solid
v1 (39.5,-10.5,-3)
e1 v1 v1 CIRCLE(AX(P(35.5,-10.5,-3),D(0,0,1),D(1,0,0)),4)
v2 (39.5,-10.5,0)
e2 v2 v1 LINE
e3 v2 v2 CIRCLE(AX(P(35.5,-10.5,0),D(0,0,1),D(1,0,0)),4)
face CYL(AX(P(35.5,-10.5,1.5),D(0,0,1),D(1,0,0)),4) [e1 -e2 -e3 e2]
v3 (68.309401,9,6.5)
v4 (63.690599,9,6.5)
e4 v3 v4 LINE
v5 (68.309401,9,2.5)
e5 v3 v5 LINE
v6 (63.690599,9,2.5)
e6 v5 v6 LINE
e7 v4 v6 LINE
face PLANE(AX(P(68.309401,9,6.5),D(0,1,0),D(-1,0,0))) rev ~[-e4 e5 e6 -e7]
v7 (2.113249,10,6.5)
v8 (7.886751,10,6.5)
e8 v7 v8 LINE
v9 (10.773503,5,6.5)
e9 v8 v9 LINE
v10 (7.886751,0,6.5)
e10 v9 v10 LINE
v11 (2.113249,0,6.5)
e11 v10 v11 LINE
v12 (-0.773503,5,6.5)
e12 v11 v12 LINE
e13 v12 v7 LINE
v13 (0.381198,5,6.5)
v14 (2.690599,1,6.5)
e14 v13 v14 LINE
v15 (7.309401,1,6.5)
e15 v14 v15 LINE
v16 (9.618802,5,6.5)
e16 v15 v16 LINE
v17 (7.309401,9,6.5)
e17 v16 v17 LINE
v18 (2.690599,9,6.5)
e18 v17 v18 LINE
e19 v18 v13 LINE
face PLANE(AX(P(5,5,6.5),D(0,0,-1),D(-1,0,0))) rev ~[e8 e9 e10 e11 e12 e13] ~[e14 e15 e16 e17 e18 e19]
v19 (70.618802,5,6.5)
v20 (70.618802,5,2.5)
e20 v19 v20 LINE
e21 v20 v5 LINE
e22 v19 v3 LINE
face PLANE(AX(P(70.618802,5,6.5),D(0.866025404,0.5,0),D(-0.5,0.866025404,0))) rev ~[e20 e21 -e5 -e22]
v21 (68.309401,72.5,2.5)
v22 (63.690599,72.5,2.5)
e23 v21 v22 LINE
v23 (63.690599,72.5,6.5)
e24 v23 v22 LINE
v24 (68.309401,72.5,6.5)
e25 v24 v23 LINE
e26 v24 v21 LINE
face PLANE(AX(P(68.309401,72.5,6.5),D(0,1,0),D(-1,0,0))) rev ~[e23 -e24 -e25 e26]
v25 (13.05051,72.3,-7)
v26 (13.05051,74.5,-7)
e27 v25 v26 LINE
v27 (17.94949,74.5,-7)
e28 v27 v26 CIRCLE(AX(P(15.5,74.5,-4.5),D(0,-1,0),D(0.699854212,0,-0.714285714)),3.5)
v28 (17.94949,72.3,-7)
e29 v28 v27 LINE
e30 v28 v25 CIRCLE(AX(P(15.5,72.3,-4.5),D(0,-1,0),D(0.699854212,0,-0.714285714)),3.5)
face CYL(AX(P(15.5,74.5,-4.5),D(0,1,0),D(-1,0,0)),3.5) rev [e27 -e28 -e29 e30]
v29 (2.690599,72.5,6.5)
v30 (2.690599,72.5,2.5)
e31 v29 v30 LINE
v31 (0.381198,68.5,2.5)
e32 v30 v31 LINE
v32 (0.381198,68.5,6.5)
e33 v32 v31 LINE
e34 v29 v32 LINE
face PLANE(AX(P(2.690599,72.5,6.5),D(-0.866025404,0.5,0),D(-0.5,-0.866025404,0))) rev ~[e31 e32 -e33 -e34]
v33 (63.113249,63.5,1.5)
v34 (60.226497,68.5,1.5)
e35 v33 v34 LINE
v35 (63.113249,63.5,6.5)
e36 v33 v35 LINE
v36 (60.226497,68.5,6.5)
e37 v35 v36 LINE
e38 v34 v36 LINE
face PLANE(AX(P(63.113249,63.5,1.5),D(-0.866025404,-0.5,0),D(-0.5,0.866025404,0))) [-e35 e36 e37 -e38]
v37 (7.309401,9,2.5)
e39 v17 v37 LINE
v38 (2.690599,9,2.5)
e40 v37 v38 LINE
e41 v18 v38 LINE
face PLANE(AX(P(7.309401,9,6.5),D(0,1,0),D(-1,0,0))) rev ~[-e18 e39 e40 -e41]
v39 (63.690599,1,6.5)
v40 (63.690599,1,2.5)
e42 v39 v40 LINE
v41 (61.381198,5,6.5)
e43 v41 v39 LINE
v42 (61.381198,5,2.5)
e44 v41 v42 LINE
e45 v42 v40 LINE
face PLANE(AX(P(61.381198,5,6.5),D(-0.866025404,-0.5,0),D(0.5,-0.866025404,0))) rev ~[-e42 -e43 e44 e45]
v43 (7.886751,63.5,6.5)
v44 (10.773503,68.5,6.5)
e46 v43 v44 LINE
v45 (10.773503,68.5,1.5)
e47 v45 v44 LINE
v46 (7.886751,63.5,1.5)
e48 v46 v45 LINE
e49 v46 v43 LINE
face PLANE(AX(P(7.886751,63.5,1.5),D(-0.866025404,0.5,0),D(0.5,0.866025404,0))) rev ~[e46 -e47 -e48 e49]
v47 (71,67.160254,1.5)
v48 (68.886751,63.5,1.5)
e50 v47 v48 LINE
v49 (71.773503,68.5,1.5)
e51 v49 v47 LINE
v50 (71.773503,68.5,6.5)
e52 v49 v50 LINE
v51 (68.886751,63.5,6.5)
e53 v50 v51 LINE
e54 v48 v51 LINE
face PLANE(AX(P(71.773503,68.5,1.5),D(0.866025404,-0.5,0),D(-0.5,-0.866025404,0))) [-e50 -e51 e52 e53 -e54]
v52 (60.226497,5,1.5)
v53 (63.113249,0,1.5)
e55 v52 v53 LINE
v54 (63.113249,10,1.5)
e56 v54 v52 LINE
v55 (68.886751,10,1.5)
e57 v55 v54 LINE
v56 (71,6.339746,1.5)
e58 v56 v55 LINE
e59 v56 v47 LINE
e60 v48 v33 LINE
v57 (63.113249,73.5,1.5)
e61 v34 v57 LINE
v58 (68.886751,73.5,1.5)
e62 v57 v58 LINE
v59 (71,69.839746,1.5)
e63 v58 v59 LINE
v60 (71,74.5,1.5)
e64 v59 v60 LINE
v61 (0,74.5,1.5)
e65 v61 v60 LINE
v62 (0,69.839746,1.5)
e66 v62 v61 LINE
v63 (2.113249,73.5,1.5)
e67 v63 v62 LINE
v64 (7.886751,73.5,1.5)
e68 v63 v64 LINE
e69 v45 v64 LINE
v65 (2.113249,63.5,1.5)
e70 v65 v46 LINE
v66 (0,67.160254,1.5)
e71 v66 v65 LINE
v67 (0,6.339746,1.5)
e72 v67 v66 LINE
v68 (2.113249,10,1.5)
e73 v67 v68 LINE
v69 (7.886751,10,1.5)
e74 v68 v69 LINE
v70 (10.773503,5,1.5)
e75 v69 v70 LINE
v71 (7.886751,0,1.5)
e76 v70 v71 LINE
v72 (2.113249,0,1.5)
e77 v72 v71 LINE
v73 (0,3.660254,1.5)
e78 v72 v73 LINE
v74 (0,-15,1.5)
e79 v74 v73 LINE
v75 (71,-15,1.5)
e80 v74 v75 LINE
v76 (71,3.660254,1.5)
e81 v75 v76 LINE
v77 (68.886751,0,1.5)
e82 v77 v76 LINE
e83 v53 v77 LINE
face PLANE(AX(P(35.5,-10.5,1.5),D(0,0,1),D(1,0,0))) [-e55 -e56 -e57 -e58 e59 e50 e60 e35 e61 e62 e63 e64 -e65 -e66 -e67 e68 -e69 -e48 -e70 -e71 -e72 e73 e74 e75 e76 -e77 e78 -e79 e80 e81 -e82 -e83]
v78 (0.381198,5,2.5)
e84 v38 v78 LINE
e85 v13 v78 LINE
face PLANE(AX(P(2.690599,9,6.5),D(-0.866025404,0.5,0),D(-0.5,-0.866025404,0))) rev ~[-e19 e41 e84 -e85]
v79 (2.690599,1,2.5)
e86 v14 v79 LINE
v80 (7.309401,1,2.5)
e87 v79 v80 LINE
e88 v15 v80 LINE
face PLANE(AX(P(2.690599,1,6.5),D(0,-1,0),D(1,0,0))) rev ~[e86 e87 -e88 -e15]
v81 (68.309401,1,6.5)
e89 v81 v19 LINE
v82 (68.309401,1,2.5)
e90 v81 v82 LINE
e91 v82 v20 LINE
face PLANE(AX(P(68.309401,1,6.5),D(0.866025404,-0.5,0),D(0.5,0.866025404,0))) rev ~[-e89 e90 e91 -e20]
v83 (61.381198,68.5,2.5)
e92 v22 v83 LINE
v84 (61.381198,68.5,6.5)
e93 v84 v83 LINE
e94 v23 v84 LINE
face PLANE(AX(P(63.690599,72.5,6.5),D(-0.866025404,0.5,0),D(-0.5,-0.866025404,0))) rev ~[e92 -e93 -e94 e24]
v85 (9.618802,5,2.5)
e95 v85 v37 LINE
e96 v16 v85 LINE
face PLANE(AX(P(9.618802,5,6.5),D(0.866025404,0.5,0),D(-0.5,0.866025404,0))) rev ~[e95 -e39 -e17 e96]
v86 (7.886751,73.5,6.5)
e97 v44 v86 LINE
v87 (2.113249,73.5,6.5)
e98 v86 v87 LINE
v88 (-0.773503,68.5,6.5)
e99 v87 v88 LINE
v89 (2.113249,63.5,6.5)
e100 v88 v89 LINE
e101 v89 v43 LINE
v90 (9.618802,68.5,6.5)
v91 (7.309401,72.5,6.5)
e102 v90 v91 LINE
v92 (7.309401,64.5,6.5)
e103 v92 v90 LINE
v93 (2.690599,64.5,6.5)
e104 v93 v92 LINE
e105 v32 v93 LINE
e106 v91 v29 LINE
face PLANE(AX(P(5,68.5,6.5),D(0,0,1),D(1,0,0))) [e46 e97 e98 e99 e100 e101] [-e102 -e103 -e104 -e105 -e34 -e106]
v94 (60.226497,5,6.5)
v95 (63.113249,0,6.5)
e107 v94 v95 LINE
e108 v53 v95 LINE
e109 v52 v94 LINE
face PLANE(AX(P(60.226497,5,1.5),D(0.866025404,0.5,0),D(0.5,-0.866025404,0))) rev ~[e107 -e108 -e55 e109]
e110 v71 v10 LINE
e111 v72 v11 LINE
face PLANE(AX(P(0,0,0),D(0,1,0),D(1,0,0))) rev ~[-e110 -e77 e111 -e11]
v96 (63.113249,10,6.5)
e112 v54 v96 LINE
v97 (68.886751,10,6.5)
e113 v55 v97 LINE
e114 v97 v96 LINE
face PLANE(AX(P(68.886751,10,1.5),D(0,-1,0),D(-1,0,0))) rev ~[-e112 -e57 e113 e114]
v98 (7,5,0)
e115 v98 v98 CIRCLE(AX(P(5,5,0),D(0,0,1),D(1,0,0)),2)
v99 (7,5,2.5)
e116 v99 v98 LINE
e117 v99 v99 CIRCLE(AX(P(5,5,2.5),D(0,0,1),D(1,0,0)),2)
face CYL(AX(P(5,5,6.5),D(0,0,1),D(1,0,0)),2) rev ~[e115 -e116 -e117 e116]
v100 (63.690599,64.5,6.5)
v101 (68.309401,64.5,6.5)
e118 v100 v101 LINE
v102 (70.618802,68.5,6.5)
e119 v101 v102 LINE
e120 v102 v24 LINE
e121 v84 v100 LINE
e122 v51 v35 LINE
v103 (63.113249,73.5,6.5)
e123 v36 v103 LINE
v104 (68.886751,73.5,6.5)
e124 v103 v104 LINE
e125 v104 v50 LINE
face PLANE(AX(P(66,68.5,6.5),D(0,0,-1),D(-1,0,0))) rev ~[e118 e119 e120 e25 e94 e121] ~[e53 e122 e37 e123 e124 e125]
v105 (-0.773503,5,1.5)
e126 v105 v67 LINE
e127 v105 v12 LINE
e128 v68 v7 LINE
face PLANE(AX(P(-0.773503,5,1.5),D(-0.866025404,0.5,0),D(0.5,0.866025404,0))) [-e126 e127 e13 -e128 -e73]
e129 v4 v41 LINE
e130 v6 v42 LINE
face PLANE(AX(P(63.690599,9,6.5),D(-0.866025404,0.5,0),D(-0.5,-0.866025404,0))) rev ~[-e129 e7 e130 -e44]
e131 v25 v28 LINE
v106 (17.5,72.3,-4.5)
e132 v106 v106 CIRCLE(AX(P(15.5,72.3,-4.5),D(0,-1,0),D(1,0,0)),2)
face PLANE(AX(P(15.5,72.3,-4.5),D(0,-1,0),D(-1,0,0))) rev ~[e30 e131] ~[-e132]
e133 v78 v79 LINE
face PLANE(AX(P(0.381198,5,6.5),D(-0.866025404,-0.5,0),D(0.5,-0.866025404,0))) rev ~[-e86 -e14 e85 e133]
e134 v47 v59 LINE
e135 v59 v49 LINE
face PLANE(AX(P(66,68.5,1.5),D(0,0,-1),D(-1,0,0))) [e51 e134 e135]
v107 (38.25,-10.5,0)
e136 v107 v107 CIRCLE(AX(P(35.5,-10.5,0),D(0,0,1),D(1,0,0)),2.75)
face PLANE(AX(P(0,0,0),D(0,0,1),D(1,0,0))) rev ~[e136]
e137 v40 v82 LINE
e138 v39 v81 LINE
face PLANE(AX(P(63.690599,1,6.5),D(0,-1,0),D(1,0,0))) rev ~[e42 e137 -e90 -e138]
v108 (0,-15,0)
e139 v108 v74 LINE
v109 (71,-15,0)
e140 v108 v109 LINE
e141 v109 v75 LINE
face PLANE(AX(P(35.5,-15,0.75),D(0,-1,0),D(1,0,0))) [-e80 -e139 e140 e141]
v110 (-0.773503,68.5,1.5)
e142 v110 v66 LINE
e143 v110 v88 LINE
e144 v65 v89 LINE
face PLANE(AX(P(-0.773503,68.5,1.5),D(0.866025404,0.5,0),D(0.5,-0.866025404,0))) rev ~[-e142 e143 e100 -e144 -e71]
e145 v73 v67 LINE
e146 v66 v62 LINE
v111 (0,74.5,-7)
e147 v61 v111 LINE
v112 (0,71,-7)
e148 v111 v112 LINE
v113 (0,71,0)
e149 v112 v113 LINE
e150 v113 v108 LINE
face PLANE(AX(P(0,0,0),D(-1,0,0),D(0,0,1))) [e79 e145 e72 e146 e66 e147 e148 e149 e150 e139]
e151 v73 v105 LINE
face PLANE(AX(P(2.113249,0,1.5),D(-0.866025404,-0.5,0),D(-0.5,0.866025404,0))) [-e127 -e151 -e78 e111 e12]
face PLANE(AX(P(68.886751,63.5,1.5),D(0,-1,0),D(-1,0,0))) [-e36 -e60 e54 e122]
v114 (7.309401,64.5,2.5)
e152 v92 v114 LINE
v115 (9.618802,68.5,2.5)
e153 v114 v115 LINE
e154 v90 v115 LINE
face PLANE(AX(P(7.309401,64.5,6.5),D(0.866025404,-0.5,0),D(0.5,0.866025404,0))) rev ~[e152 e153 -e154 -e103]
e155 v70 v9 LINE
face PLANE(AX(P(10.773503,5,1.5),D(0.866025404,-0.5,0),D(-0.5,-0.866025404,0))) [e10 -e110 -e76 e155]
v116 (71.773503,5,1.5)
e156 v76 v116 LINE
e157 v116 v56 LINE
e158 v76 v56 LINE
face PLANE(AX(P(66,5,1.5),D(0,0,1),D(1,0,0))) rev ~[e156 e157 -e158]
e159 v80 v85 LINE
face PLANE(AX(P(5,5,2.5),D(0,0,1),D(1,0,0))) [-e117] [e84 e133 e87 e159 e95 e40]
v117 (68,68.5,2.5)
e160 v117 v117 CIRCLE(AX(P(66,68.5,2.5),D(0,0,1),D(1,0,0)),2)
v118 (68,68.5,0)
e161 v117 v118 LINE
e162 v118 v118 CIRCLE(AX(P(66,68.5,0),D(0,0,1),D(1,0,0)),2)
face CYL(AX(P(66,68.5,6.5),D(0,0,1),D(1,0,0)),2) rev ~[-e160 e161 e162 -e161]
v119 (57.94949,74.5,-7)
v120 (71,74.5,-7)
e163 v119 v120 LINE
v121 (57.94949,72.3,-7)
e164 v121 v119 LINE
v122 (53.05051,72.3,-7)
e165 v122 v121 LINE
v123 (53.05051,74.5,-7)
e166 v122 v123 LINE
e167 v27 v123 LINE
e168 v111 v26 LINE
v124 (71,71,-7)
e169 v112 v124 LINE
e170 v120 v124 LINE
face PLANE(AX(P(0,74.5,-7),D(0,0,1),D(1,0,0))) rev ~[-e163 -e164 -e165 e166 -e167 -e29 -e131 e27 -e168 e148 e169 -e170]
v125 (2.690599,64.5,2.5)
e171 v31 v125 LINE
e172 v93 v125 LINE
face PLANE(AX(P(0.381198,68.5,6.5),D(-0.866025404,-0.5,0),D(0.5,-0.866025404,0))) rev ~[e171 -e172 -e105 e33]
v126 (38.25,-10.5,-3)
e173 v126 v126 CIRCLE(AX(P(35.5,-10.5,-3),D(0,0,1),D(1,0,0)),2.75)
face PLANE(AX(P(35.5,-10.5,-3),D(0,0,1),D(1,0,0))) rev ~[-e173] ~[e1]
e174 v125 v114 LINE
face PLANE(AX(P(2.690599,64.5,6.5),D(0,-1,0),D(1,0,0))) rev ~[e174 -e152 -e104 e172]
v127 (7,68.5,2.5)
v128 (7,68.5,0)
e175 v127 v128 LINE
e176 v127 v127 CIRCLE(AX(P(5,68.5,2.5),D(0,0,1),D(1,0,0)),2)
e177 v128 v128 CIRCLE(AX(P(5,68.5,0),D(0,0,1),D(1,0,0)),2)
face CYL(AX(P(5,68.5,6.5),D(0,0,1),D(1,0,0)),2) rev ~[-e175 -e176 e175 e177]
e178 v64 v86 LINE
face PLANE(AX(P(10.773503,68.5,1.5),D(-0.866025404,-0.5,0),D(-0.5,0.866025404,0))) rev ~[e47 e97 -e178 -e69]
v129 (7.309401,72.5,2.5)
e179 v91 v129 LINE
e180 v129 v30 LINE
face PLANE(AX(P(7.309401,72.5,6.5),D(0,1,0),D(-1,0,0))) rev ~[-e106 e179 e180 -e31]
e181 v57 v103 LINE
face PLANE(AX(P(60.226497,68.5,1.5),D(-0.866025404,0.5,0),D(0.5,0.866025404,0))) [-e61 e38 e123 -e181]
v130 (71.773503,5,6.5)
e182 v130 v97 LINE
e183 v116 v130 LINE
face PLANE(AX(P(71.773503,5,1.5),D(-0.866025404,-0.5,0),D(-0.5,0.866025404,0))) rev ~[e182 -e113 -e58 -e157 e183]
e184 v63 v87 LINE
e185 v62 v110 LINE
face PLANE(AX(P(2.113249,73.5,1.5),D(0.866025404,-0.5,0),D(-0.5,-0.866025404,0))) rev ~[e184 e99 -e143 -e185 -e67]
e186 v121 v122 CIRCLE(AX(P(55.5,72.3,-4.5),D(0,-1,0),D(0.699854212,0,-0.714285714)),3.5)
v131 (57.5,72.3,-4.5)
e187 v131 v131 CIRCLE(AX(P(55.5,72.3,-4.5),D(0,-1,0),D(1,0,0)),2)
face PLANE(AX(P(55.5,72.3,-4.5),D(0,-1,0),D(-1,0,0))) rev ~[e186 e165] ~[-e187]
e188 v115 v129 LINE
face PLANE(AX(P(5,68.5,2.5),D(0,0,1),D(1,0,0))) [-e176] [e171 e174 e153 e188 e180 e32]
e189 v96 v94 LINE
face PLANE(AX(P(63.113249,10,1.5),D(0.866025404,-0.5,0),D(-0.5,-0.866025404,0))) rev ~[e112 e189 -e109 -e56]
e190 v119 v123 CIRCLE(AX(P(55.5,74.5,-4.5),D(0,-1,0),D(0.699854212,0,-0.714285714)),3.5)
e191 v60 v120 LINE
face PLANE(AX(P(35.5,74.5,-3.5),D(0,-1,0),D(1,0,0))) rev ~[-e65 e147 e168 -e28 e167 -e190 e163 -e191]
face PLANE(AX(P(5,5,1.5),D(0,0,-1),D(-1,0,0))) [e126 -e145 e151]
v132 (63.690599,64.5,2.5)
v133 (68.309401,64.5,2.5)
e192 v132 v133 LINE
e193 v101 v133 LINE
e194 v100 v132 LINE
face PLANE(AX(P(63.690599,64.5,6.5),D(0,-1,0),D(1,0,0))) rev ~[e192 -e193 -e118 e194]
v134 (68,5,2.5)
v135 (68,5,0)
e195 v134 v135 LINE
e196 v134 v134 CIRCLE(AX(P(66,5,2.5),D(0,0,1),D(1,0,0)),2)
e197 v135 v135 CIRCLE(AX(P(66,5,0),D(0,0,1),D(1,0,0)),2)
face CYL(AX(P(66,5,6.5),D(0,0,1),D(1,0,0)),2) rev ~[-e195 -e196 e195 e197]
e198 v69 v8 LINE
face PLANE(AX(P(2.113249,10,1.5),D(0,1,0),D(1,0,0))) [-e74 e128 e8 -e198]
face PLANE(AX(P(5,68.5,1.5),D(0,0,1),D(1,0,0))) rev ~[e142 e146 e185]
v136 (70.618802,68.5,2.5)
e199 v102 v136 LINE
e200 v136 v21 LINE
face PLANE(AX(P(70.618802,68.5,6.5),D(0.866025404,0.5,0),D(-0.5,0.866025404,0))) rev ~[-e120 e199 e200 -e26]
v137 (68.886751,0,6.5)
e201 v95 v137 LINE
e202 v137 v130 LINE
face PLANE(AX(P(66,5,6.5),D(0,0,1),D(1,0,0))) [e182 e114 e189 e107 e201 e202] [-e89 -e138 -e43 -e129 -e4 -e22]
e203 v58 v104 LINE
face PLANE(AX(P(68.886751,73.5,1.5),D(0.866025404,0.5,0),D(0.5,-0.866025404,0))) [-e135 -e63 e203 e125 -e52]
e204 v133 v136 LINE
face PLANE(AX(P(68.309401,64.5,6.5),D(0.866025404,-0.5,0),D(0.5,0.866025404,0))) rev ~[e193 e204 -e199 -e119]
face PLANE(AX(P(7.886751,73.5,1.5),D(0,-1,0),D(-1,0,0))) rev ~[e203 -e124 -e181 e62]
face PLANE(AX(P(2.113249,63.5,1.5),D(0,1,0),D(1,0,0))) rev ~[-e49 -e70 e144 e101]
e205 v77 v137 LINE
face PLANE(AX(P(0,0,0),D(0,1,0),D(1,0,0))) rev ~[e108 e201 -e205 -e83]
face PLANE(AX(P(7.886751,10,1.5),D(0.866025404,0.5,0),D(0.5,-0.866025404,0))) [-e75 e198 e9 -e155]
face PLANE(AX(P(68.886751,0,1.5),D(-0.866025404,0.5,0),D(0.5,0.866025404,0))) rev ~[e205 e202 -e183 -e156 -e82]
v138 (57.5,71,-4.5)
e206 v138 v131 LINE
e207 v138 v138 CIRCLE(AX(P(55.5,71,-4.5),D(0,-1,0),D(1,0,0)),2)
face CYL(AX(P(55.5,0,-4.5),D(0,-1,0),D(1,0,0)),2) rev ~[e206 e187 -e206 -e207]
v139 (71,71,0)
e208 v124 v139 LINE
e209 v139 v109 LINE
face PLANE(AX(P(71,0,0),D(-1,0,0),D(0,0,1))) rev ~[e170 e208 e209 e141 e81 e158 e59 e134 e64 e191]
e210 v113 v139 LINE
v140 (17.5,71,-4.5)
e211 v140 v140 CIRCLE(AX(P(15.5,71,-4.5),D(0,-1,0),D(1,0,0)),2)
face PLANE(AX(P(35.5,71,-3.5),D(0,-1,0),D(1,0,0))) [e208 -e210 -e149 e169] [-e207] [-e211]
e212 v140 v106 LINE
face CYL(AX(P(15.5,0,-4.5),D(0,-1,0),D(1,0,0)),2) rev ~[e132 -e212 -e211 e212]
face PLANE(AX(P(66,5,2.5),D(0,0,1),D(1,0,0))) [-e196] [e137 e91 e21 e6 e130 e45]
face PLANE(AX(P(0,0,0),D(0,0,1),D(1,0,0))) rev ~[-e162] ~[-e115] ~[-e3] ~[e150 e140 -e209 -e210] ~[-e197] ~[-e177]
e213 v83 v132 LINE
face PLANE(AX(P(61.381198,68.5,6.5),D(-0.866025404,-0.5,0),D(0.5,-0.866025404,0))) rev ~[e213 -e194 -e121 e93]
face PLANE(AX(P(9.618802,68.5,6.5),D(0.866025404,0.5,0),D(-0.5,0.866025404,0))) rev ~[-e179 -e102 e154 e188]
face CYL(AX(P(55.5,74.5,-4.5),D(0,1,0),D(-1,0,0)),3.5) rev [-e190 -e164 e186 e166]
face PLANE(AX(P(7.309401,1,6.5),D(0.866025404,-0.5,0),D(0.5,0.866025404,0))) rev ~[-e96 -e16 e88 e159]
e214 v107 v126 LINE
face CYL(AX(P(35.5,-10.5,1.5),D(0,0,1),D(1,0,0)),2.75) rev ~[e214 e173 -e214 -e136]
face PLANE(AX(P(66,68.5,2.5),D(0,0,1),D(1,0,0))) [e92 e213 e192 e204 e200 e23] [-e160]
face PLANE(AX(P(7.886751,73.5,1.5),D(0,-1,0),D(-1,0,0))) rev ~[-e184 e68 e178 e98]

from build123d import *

# Parameters (mm, degrees)
SKETCH2_W           = 71
SKETCH2_H           = 73.5
BOSS_EXTRUDE1_DEPTH = 1.5
BOSS_EXTRUDE2_DEPTH = 5
SKETCH20_W          = 71
SKETCH20_H          = 1
BOSS_EXTRUDE6_DEPTH = 1.5
SKETCH12_W          = 71
SKETCH12_H          = 7
BOSS_EXTRUDE3_DEPTH = 3.5
SKETCH13_R          = 2
CUT_EXTRUDE3_DEPTH  = 75.5
SKETCH14_R          = 3.5
CUT_EXTRUDE4_DEPTH  = 2.2
SKETCH15_W          = 71
SKETCH15_H          = 1.5
BOSS_EXTRUDE4_DEPTH = 15
SKETCH16_R          = 4
SKETCH16_R_2        = 2.75
BOSS_EXTRUDE5_DEPTH = 4.5
CUT_EXTRUDE5_DEPTH  = 4
SKETCH19_R          = 2
CUT_EXTRUDE6_DEPTH  = 14.5


with BuildPart() as part:
    # Sketch2 → Boss-Extrude1 (new body)
    with BuildSketch(Plane.XY):
        with Locations((35.5, 36.75)):
            Rectangle(SKETCH2_W, SKETCH2_H)
    extrude(amount=BOSS_EXTRUDE1_DEPTH)

    # Sketch3 → Boss-Extrude2 (add)
    with BuildSketch(Plane.XY.offset(1.5)):
        Polygon((10.773502692, 68.5), (7.886751346, 73.5), (2.113248654, 73.5), (-0.773502692, 68.5), (2.113248654, 63.5), (7.886751346, 63.5), align=None)
        Polygon((63.113248654, 63.5), (60.226497308, 68.5), (63.113248654, 73.5), (68.886751346, 73.5), (71.773502692, 68.5), (68.886751346, 63.5), align=None)
        Polygon((60.226497308, 5), (63.113248654, 0), (68.886751346, 0), (71.773502692, 5), (68.886751346, 10), (63.113248654, 10), align=None)
        Polygon((7.886751346, 10), (10.773502692, 5), (7.886751346, 0), (2.113248654, 0), (-0.773502692, 5), (2.113248654, 10), align=None)
    extrude(amount=BOSS_EXTRUDE2_DEPTH)

    # Sketch20 → Boss-Extrude6 (add)
    with BuildSketch(Plane.XY.offset(1.5)):
        with Locations((35.5, 74)):
            Rectangle(SKETCH20_W, SKETCH20_H)
    extrude(amount=-BOSS_EXTRUDE6_DEPTH)

    # Sketch12 → Boss-Extrude3 (add)
    with BuildSketch(Plane.XZ.offset(-74.5)):
        with Locations((35.5, -3.5)):
            Rectangle(SKETCH12_W, SKETCH12_H)
    extrude(amount=BOSS_EXTRUDE3_DEPTH)

    # Sketch13 → Cut-Extrude3 (cut, through all)
    with BuildSketch(Plane.XZ):
        with Locations((55.5, -4.5)):
            Circle(SKETCH13_R)
        with Locations((15.5, -4.5)):
            Circle(SKETCH13_R)
    extrude(amount=-CUT_EXTRUDE3_DEPTH, mode=Mode.SUBTRACT)

    # Sketch14 → Cut-Extrude4 (cut)
    with BuildSketch(Plane(origin=(0, 74.5, 0), x_dir=(-1, 0, 0), z_dir=(0, -1, 0))):
        with Locations((-55.5, 4.5)):
            Circle(SKETCH14_R)
        with Locations((-15.5, 4.5)):
            Circle(SKETCH14_R)
    extrude(amount=CUT_EXTRUDE4_DEPTH, mode=Mode.SUBTRACT)

    # Sketch15 → Boss-Extrude4 (add)
    with BuildSketch(Plane.XZ):
        with Locations((35.5, 0.75)):
            Rectangle(SKETCH15_W, SKETCH15_H)
    extrude(amount=BOSS_EXTRUDE4_DEPTH)

    # Sketch16 → Boss-Extrude5 (add)
    with BuildSketch(Plane.XY.offset(1.5)):
        with Locations((35.5, -10.5)):
            Circle(SKETCH16_R)
        with Locations((35.5, -10.5)):
            Circle(SKETCH16_R_2, mode=Mode.SUBTRACT)
    extrude(amount=-BOSS_EXTRUDE5_DEPTH)

    # Sketch17 → Cut-Extrude5 (cut)
    with BuildSketch(Plane.XY.offset(6.5)):
        Polygon((7.309401077, 72.5), (2.690598923, 72.5), (0.381197846, 68.5), (2.690598923, 64.5), (7.309401077, 64.5), (9.618802154, 68.5), align=None)
        Polygon((68.309401077, 72.5), (63.690598923, 72.5), (61.381197846, 68.5), (63.690598923, 64.5), (68.309401077, 64.5), (70.618802154, 68.5), align=None)
        Polygon((68.309401077, 9), (63.690598923, 9), (61.381197846, 5), (63.690598923, 1), (68.309401077, 1), (70.618802154, 5), align=None)
        Polygon((7.309401077, 9), (2.690598923, 9), (0.381197846, 5), (2.690598923, 1), (7.309401077, 1), (9.618802154, 5), align=None)
    extrude(amount=-CUT_EXTRUDE5_DEPTH, mode=Mode.SUBTRACT)

    # Sketch19 → Cut-Extrude6 (cut, through all)
    with BuildSketch(Plane.XY.offset(6.5)):
        with Locations((5, 68.5)):
            Circle(SKETCH19_R)
        with Locations((66, 68.5)):
            Circle(SKETCH19_R)
        with Locations((5, 5)):
            Circle(SKETCH19_R)
        with Locations((66, 5)):
            Circle(SKETCH19_R)
    extrude(amount=-CUT_EXTRUDE6_DEPTH, mode=Mode.SUBTRACT)


solid = part.part
